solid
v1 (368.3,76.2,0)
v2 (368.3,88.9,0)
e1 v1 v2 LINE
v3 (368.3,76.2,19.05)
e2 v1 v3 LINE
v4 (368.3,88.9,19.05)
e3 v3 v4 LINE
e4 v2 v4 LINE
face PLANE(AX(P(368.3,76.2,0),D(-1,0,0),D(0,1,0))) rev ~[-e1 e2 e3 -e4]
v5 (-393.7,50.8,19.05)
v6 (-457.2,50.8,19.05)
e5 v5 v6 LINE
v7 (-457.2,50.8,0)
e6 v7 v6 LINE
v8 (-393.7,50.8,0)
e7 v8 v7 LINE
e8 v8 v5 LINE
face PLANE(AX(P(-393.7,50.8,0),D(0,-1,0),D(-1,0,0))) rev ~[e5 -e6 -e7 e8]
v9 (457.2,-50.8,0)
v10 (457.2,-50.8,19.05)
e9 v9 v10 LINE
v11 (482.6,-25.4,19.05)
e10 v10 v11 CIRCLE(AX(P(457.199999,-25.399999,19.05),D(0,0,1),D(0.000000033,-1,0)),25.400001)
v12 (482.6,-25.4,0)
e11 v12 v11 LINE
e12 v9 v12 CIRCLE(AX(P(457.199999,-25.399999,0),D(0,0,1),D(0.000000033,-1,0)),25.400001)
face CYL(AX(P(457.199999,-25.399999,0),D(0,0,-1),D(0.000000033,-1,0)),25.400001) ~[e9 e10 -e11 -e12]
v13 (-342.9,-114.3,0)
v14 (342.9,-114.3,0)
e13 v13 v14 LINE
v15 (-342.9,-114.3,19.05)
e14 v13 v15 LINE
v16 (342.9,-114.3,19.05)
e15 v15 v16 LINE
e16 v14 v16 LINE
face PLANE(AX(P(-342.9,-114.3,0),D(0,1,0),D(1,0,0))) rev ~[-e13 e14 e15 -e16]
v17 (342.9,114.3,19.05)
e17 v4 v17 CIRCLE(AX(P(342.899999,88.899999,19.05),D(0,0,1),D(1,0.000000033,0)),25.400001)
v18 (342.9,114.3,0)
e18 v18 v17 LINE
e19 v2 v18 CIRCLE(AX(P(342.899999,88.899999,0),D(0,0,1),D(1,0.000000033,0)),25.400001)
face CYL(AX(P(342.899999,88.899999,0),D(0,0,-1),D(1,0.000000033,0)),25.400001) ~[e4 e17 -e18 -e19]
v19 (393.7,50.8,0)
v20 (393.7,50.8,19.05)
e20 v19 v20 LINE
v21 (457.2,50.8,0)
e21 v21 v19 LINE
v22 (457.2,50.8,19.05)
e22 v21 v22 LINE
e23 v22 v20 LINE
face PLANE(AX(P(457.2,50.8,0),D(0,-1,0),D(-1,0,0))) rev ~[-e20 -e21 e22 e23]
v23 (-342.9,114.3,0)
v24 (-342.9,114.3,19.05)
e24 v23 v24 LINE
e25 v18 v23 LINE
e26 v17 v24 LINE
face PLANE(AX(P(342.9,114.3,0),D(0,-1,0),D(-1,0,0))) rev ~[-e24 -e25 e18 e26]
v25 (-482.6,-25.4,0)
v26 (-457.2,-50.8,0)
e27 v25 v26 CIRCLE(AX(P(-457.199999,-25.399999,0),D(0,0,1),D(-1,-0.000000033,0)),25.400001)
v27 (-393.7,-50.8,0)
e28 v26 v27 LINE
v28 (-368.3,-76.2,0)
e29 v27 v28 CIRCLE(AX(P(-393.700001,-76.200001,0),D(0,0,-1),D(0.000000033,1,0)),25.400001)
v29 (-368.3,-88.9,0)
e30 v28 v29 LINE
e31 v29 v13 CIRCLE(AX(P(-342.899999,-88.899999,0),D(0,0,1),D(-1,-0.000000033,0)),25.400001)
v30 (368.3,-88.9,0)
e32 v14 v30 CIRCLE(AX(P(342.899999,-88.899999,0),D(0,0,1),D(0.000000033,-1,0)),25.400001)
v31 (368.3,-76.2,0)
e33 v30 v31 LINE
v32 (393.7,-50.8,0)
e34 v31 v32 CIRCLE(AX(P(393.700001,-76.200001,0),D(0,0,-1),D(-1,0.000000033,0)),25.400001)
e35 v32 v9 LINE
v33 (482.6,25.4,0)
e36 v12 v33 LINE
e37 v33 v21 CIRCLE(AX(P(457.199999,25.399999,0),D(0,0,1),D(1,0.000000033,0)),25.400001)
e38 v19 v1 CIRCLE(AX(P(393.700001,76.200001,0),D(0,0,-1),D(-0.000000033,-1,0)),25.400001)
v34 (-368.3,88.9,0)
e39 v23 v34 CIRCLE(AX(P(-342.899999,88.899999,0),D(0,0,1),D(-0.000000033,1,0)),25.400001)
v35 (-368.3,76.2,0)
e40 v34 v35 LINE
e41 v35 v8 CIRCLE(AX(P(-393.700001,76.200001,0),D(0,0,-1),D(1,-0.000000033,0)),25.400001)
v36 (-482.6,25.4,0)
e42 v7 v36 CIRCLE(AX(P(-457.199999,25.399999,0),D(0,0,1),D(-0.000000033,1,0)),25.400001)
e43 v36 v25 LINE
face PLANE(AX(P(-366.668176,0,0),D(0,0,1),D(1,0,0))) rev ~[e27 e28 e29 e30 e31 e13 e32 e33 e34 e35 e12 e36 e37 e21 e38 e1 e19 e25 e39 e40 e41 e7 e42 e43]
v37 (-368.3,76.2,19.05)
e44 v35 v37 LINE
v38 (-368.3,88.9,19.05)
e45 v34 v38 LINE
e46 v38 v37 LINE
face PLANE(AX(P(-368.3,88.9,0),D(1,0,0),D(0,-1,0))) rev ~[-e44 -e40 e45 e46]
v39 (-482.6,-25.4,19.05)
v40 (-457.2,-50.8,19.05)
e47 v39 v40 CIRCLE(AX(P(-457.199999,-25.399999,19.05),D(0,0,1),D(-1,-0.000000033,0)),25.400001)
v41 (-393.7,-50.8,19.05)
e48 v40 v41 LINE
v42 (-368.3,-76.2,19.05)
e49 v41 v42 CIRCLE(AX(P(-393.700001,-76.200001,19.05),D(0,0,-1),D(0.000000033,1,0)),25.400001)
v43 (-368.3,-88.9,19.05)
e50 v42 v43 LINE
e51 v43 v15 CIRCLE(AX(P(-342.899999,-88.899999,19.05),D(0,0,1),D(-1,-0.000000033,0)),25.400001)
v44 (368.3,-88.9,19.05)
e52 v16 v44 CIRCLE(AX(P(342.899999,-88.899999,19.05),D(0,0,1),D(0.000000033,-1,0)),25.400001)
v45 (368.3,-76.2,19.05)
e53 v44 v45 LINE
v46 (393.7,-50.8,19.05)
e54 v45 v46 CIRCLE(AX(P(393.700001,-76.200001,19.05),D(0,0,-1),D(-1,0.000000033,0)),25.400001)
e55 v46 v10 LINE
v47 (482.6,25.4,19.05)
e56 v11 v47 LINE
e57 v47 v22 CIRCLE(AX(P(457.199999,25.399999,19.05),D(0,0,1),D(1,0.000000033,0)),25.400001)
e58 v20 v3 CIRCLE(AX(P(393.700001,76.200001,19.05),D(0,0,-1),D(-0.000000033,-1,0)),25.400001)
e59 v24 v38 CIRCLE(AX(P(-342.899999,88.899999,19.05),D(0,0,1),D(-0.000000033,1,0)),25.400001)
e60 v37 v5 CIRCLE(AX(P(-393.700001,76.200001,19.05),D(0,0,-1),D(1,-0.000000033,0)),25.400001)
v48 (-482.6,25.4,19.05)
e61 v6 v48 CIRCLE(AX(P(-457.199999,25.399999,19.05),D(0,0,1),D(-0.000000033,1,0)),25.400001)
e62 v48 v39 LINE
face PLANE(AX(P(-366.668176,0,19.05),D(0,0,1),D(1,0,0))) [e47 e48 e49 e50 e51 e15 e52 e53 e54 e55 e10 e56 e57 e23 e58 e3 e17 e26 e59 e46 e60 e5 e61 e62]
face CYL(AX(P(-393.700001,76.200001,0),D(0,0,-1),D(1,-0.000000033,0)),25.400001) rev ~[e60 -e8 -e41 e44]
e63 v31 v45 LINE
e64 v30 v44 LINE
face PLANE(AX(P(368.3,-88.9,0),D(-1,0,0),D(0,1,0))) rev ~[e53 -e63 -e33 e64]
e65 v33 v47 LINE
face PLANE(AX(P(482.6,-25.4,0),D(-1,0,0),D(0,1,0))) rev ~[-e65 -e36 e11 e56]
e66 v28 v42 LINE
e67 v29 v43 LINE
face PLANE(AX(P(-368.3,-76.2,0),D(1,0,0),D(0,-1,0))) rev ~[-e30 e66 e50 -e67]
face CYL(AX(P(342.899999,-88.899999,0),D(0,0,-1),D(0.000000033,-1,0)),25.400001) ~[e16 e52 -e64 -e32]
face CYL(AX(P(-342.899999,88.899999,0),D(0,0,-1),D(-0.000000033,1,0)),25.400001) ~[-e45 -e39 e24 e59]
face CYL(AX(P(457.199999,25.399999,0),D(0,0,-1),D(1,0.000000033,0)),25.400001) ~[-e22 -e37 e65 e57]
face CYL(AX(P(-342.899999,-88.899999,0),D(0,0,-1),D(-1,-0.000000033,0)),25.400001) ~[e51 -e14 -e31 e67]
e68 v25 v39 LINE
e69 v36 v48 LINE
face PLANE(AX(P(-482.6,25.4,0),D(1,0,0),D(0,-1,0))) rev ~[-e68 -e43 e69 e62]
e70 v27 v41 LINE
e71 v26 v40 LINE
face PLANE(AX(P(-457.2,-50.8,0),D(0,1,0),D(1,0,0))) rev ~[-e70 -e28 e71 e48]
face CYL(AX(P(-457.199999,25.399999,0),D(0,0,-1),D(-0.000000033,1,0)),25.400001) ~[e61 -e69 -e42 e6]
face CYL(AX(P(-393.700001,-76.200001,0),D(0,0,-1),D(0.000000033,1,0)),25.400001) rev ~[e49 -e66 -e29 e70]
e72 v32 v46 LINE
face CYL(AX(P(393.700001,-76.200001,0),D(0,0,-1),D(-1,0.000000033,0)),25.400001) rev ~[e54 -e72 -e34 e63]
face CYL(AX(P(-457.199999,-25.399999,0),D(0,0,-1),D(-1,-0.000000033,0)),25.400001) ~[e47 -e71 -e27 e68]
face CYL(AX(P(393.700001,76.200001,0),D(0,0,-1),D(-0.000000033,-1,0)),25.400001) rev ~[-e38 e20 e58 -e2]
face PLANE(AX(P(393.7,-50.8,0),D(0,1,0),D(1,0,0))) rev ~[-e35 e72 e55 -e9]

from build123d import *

# Parameters (mm, degrees)
F1_DEPTH = 19.05


with BuildPart() as f1:
    # F0 (on Top) → F1 (new body)
    with BuildSketch(Plane.XY):
        with BuildLine():
            Line((-292.1, 114.3), (-342.9, 114.3))
            ThreePointArc((-342.9, 114.3), (-360.860512, 106.860512), (-368.3, 88.9))
            Line((-368.3, 88.9), (-368.3, 76.2))
            ThreePointArc((-368.3, 76.2), (-375.739488, 58.239488), (-393.7, 50.8))
            Line((-393.7, 50.8), (-457.2, 50.8))
            ThreePointArc((-457.2, 50.8), (-475.160512, 43.360512), (-482.6, 25.4))
            Line((-482.6, 25.4), (-482.6, -25.4))
            ThreePointArc((-482.6, -25.4), (-475.160512, -43.360512), (-457.2, -50.8))
            Line((-457.2, -50.8), (-393.7, -50.8))
            ThreePointArc((-393.7, -50.8), (-375.739488, -58.239488), (-368.3, -76.2))
            Line((-368.3, -76.2), (-368.3, -88.9))
            ThreePointArc((-368.3, -88.9), (-360.860512, -106.860512), (-342.9, -114.3))
            Line((-342.9, -114.3), (-292.1, -114.3))
            Line((-292.1, -114.3), (-292.1, -63.5))
            Line((-292.1, -63.5), (-292.1, 63.5))
            Line((-292.1, 63.5), (-292.1, 114.3))
        make_face()
        Polygon((-88.9, 114.3), (-292.1, 114.3), (-292.1, 63.5), (-292.1, -63.5), (-292.1, -114.3), (-88.9, -114.3), (-88.9, 0), align=None)
        Polygon((88.9, 114.3), (-88.9, 114.3), (-88.9, 0), (-88.9, -114.3), (88.9, -114.3), (88.9, 0), align=None)
        Polygon((292.1, 114.3), (88.9, 114.3), (88.9, 0), (88.9, -114.3), (292.1, -114.3), (292.1, -63.5), (292.1, 63.5), align=None)
        with BuildLine():
            Line((342.9, 114.3), (292.1, 114.3))
            Line((292.1, 114.3), (292.1, 63.5))
            Line((292.1, 63.5), (292.1, -63.5))
            Line((292.1, -63.5), (292.1, -114.3))
            Line((292.1, -114.3), (342.9, -114.3))
            ThreePointArc((342.9, -114.3), (360.860512, -106.860512), (368.3, -88.9))
            Line((368.3, -88.9), (368.3, -76.2))
            ThreePointArc((368.3, -76.2), (375.739488, -58.239488), (393.7, -50.8))
            Line((393.7, -50.8), (457.2, -50.8))
            ThreePointArc((457.2, -50.8), (475.160512, -43.360512), (482.6, -25.4))
            Line((482.6, -25.4), (482.6, 25.4))
            ThreePointArc((482.6, 25.4), (475.160512, 43.360512), (457.2, 50.8))
            Line((457.2, 50.8), (393.7, 50.8))
            ThreePointArc((393.7, 50.8), (375.739488, 58.239488), (368.3, 76.2))
            Line((368.3, 76.2), (368.3, 88.9))
            ThreePointArc((368.3, 88.9), (360.860512, 106.860512), (342.9, 114.3))
        make_face()
    extrude(amount=F1_DEPTH)


solid = f1.part
